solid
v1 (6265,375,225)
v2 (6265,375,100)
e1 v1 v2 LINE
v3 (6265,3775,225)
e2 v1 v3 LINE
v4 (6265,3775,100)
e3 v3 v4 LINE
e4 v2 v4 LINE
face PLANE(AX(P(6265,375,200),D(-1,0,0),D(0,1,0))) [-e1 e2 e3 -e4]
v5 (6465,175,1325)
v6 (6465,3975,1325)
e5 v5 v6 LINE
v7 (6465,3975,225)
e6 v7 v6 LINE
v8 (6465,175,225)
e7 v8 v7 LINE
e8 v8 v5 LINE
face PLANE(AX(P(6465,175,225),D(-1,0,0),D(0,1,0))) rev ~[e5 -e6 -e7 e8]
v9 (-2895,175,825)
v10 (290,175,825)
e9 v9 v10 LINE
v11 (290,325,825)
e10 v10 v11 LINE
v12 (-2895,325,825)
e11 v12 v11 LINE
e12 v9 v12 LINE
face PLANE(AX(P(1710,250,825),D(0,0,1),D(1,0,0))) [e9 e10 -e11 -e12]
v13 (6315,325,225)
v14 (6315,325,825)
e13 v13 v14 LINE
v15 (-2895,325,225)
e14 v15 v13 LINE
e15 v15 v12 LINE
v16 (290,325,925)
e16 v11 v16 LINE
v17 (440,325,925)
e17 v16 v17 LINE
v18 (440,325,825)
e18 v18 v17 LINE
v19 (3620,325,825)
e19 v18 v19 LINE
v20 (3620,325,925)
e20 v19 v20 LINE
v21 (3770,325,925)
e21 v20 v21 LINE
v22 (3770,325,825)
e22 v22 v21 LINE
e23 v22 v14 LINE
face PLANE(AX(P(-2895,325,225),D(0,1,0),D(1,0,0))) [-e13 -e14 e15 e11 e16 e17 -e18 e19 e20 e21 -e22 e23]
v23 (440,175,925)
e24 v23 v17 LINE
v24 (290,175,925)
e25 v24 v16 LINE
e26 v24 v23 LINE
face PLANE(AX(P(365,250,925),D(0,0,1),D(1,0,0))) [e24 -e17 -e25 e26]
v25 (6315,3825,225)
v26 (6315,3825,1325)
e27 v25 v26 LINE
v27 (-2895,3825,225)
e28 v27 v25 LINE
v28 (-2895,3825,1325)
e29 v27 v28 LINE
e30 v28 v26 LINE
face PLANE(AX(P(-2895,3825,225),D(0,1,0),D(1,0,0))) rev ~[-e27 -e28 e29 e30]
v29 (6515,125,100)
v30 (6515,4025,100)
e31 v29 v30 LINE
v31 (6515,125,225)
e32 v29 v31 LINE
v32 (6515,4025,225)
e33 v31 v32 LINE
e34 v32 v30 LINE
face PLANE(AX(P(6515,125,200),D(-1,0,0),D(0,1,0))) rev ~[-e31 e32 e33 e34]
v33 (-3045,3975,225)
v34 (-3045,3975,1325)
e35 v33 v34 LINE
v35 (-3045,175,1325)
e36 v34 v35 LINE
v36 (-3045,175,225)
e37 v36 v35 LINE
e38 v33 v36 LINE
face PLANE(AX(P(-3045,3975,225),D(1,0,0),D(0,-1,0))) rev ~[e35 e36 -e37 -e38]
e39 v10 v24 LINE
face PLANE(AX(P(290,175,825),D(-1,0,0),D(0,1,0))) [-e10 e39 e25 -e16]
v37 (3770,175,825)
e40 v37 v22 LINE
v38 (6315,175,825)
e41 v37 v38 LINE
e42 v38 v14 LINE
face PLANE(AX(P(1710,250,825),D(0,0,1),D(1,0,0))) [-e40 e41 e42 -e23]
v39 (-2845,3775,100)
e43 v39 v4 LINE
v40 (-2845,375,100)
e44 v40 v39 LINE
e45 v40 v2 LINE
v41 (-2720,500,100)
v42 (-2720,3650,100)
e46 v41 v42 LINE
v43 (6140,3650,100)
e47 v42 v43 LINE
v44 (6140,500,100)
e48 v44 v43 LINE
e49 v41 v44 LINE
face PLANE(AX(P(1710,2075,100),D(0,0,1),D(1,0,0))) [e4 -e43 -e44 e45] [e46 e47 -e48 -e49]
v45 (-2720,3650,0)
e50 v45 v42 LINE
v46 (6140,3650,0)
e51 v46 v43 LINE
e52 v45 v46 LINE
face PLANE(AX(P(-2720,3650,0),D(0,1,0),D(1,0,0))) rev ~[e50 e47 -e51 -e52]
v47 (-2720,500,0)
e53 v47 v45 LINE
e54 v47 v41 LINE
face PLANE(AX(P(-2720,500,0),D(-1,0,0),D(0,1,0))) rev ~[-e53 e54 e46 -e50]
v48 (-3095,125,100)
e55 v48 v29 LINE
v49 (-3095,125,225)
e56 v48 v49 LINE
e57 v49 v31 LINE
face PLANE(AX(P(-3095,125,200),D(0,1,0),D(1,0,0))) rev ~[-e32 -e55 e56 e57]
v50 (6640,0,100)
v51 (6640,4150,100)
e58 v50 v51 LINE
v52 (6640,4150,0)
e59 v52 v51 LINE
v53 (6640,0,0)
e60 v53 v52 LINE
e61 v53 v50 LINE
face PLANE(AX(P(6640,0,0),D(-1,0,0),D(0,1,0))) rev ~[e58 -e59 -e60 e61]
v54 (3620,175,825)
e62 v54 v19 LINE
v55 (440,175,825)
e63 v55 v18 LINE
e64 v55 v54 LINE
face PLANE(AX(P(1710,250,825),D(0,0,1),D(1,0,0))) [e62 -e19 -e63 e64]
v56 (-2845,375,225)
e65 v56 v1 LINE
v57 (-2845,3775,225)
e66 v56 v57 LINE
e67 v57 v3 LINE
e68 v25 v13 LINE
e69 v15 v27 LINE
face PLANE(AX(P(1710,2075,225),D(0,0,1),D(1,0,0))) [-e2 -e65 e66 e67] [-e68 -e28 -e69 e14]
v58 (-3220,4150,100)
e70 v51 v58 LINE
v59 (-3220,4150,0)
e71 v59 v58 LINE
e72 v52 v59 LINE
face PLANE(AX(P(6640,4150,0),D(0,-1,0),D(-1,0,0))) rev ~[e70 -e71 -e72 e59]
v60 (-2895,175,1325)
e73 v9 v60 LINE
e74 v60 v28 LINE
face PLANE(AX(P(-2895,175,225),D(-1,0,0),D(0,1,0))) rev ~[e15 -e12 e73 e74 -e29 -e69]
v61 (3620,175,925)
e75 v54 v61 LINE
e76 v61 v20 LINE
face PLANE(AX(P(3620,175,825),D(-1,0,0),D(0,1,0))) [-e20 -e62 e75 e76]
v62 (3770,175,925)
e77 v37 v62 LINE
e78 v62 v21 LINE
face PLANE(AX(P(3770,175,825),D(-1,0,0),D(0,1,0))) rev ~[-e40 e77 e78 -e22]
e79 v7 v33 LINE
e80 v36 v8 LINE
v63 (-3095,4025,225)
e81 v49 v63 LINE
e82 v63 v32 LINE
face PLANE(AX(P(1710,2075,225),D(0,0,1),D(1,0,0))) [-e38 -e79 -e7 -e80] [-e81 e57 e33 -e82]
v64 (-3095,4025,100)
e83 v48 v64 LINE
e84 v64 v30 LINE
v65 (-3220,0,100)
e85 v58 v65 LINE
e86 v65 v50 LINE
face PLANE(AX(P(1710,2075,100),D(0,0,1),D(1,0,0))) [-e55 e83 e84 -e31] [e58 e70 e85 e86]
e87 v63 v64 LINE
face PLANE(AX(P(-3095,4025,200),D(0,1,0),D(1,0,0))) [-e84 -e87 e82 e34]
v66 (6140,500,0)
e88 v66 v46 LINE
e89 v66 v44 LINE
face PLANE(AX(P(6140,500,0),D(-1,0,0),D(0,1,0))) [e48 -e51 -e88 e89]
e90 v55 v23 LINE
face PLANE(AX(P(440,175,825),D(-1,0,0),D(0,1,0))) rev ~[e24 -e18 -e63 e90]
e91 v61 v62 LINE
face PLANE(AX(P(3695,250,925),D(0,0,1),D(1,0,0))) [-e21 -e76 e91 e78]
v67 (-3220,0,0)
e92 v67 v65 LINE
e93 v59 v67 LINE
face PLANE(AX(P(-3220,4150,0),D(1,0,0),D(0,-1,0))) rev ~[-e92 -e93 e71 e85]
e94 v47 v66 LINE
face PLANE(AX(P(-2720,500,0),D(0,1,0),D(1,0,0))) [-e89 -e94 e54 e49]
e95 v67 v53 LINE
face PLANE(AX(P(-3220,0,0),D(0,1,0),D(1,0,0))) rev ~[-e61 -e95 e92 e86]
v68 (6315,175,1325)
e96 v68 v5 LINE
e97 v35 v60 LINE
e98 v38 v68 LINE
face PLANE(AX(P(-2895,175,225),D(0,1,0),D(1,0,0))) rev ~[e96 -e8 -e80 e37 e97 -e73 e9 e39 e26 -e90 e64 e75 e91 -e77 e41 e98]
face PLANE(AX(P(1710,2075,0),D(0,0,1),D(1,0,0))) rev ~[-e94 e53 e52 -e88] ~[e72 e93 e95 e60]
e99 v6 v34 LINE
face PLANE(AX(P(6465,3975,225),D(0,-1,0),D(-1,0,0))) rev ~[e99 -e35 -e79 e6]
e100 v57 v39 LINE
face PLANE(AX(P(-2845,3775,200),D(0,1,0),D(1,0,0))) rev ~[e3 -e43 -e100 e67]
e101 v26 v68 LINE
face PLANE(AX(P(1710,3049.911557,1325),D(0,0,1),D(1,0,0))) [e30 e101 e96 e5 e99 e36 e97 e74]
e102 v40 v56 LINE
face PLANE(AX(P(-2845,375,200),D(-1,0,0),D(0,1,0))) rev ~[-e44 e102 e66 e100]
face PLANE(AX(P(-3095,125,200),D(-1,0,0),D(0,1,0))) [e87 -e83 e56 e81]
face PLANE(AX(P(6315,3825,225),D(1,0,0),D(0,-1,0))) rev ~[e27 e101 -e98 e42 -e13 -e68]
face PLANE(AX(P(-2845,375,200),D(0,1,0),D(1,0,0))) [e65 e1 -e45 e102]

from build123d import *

# Parameters (mm, degrees)
F0_W      = 8860
F0_H      = 3150
F1_DEPTH  = 100
F2_W      = 9610
F2_H      = 3900
F2_W_2    = 9110
F2_H_2    = 3400
F3_DEPTH  = 100
F4_DEPTH  = 25
F6_DEPTH  = 1100
F7_W      = 9210
F7_H      = 150
F8_DEPTH  = 600
F9_W      = 150
F9_H      = 150
F10_DEPTH = 100


with BuildPart() as f1:
    # F0 (on Top) → F1 (new body)
    with BuildSketch(Plane.XY):
        Polygon((-3220, 0), (-2720, 0), (6140, 0), (6640, 0), (6640, 4150), (-3220, 4150), align=None)
        with Locations((1710, 2075)):
            Rectangle(F0_W, F0_H, mode=Mode.SUBTRACT)
    extrude(amount=F1_DEPTH)

    # F2 (on face) → F3 (join)
    with BuildSketch(Plane.XY.offset(100)):
        with Locations((1710, 2075)):
            Rectangle(F2_W, F2_H)
        with Locations((1710, 2075)):
            Rectangle(F2_W_2, F2_H_2, mode=Mode.SUBTRACT)
    extrude(amount=F3_DEPTH)

    # F4 (add): a face of the model
    f4_faces = [f1.faces().sort_by_distance(p)[0] for p in [
        (-2991.2878502778, 2075, 200),
    ]]
    extrude(f4_faces, amount=F4_DEPTH)

    # F5 (on face) → F6 (join)
    with BuildSketch(Plane.XY.offset(225)):
        Polygon((-3045, 3975), (-3045, 175), (-2895, 175), (-2895, 3825), (6315, 3825), (6315, 175), (6465, 175), (6465, 3975), align=None)
    extrude(amount=F6_DEPTH)

    # F7 (on face) → F8 (join)
    with BuildSketch(Plane.XY.offset(225)):
        with Locations((1710, 250)):
            Rectangle(F7_W, F7_H)
    extrude(amount=F8_DEPTH)

    # F9 (on face) → F10 (join)
    with BuildSketch(Plane.XY.offset(825)):
        with Locations((365, 250)):
            Rectangle(F9_W, F9_H)
        with Locations((3695, 250)):
            Rectangle(F9_W, F9_H)
    extrude(amount=F10_DEPTH)


solid = f1.part
